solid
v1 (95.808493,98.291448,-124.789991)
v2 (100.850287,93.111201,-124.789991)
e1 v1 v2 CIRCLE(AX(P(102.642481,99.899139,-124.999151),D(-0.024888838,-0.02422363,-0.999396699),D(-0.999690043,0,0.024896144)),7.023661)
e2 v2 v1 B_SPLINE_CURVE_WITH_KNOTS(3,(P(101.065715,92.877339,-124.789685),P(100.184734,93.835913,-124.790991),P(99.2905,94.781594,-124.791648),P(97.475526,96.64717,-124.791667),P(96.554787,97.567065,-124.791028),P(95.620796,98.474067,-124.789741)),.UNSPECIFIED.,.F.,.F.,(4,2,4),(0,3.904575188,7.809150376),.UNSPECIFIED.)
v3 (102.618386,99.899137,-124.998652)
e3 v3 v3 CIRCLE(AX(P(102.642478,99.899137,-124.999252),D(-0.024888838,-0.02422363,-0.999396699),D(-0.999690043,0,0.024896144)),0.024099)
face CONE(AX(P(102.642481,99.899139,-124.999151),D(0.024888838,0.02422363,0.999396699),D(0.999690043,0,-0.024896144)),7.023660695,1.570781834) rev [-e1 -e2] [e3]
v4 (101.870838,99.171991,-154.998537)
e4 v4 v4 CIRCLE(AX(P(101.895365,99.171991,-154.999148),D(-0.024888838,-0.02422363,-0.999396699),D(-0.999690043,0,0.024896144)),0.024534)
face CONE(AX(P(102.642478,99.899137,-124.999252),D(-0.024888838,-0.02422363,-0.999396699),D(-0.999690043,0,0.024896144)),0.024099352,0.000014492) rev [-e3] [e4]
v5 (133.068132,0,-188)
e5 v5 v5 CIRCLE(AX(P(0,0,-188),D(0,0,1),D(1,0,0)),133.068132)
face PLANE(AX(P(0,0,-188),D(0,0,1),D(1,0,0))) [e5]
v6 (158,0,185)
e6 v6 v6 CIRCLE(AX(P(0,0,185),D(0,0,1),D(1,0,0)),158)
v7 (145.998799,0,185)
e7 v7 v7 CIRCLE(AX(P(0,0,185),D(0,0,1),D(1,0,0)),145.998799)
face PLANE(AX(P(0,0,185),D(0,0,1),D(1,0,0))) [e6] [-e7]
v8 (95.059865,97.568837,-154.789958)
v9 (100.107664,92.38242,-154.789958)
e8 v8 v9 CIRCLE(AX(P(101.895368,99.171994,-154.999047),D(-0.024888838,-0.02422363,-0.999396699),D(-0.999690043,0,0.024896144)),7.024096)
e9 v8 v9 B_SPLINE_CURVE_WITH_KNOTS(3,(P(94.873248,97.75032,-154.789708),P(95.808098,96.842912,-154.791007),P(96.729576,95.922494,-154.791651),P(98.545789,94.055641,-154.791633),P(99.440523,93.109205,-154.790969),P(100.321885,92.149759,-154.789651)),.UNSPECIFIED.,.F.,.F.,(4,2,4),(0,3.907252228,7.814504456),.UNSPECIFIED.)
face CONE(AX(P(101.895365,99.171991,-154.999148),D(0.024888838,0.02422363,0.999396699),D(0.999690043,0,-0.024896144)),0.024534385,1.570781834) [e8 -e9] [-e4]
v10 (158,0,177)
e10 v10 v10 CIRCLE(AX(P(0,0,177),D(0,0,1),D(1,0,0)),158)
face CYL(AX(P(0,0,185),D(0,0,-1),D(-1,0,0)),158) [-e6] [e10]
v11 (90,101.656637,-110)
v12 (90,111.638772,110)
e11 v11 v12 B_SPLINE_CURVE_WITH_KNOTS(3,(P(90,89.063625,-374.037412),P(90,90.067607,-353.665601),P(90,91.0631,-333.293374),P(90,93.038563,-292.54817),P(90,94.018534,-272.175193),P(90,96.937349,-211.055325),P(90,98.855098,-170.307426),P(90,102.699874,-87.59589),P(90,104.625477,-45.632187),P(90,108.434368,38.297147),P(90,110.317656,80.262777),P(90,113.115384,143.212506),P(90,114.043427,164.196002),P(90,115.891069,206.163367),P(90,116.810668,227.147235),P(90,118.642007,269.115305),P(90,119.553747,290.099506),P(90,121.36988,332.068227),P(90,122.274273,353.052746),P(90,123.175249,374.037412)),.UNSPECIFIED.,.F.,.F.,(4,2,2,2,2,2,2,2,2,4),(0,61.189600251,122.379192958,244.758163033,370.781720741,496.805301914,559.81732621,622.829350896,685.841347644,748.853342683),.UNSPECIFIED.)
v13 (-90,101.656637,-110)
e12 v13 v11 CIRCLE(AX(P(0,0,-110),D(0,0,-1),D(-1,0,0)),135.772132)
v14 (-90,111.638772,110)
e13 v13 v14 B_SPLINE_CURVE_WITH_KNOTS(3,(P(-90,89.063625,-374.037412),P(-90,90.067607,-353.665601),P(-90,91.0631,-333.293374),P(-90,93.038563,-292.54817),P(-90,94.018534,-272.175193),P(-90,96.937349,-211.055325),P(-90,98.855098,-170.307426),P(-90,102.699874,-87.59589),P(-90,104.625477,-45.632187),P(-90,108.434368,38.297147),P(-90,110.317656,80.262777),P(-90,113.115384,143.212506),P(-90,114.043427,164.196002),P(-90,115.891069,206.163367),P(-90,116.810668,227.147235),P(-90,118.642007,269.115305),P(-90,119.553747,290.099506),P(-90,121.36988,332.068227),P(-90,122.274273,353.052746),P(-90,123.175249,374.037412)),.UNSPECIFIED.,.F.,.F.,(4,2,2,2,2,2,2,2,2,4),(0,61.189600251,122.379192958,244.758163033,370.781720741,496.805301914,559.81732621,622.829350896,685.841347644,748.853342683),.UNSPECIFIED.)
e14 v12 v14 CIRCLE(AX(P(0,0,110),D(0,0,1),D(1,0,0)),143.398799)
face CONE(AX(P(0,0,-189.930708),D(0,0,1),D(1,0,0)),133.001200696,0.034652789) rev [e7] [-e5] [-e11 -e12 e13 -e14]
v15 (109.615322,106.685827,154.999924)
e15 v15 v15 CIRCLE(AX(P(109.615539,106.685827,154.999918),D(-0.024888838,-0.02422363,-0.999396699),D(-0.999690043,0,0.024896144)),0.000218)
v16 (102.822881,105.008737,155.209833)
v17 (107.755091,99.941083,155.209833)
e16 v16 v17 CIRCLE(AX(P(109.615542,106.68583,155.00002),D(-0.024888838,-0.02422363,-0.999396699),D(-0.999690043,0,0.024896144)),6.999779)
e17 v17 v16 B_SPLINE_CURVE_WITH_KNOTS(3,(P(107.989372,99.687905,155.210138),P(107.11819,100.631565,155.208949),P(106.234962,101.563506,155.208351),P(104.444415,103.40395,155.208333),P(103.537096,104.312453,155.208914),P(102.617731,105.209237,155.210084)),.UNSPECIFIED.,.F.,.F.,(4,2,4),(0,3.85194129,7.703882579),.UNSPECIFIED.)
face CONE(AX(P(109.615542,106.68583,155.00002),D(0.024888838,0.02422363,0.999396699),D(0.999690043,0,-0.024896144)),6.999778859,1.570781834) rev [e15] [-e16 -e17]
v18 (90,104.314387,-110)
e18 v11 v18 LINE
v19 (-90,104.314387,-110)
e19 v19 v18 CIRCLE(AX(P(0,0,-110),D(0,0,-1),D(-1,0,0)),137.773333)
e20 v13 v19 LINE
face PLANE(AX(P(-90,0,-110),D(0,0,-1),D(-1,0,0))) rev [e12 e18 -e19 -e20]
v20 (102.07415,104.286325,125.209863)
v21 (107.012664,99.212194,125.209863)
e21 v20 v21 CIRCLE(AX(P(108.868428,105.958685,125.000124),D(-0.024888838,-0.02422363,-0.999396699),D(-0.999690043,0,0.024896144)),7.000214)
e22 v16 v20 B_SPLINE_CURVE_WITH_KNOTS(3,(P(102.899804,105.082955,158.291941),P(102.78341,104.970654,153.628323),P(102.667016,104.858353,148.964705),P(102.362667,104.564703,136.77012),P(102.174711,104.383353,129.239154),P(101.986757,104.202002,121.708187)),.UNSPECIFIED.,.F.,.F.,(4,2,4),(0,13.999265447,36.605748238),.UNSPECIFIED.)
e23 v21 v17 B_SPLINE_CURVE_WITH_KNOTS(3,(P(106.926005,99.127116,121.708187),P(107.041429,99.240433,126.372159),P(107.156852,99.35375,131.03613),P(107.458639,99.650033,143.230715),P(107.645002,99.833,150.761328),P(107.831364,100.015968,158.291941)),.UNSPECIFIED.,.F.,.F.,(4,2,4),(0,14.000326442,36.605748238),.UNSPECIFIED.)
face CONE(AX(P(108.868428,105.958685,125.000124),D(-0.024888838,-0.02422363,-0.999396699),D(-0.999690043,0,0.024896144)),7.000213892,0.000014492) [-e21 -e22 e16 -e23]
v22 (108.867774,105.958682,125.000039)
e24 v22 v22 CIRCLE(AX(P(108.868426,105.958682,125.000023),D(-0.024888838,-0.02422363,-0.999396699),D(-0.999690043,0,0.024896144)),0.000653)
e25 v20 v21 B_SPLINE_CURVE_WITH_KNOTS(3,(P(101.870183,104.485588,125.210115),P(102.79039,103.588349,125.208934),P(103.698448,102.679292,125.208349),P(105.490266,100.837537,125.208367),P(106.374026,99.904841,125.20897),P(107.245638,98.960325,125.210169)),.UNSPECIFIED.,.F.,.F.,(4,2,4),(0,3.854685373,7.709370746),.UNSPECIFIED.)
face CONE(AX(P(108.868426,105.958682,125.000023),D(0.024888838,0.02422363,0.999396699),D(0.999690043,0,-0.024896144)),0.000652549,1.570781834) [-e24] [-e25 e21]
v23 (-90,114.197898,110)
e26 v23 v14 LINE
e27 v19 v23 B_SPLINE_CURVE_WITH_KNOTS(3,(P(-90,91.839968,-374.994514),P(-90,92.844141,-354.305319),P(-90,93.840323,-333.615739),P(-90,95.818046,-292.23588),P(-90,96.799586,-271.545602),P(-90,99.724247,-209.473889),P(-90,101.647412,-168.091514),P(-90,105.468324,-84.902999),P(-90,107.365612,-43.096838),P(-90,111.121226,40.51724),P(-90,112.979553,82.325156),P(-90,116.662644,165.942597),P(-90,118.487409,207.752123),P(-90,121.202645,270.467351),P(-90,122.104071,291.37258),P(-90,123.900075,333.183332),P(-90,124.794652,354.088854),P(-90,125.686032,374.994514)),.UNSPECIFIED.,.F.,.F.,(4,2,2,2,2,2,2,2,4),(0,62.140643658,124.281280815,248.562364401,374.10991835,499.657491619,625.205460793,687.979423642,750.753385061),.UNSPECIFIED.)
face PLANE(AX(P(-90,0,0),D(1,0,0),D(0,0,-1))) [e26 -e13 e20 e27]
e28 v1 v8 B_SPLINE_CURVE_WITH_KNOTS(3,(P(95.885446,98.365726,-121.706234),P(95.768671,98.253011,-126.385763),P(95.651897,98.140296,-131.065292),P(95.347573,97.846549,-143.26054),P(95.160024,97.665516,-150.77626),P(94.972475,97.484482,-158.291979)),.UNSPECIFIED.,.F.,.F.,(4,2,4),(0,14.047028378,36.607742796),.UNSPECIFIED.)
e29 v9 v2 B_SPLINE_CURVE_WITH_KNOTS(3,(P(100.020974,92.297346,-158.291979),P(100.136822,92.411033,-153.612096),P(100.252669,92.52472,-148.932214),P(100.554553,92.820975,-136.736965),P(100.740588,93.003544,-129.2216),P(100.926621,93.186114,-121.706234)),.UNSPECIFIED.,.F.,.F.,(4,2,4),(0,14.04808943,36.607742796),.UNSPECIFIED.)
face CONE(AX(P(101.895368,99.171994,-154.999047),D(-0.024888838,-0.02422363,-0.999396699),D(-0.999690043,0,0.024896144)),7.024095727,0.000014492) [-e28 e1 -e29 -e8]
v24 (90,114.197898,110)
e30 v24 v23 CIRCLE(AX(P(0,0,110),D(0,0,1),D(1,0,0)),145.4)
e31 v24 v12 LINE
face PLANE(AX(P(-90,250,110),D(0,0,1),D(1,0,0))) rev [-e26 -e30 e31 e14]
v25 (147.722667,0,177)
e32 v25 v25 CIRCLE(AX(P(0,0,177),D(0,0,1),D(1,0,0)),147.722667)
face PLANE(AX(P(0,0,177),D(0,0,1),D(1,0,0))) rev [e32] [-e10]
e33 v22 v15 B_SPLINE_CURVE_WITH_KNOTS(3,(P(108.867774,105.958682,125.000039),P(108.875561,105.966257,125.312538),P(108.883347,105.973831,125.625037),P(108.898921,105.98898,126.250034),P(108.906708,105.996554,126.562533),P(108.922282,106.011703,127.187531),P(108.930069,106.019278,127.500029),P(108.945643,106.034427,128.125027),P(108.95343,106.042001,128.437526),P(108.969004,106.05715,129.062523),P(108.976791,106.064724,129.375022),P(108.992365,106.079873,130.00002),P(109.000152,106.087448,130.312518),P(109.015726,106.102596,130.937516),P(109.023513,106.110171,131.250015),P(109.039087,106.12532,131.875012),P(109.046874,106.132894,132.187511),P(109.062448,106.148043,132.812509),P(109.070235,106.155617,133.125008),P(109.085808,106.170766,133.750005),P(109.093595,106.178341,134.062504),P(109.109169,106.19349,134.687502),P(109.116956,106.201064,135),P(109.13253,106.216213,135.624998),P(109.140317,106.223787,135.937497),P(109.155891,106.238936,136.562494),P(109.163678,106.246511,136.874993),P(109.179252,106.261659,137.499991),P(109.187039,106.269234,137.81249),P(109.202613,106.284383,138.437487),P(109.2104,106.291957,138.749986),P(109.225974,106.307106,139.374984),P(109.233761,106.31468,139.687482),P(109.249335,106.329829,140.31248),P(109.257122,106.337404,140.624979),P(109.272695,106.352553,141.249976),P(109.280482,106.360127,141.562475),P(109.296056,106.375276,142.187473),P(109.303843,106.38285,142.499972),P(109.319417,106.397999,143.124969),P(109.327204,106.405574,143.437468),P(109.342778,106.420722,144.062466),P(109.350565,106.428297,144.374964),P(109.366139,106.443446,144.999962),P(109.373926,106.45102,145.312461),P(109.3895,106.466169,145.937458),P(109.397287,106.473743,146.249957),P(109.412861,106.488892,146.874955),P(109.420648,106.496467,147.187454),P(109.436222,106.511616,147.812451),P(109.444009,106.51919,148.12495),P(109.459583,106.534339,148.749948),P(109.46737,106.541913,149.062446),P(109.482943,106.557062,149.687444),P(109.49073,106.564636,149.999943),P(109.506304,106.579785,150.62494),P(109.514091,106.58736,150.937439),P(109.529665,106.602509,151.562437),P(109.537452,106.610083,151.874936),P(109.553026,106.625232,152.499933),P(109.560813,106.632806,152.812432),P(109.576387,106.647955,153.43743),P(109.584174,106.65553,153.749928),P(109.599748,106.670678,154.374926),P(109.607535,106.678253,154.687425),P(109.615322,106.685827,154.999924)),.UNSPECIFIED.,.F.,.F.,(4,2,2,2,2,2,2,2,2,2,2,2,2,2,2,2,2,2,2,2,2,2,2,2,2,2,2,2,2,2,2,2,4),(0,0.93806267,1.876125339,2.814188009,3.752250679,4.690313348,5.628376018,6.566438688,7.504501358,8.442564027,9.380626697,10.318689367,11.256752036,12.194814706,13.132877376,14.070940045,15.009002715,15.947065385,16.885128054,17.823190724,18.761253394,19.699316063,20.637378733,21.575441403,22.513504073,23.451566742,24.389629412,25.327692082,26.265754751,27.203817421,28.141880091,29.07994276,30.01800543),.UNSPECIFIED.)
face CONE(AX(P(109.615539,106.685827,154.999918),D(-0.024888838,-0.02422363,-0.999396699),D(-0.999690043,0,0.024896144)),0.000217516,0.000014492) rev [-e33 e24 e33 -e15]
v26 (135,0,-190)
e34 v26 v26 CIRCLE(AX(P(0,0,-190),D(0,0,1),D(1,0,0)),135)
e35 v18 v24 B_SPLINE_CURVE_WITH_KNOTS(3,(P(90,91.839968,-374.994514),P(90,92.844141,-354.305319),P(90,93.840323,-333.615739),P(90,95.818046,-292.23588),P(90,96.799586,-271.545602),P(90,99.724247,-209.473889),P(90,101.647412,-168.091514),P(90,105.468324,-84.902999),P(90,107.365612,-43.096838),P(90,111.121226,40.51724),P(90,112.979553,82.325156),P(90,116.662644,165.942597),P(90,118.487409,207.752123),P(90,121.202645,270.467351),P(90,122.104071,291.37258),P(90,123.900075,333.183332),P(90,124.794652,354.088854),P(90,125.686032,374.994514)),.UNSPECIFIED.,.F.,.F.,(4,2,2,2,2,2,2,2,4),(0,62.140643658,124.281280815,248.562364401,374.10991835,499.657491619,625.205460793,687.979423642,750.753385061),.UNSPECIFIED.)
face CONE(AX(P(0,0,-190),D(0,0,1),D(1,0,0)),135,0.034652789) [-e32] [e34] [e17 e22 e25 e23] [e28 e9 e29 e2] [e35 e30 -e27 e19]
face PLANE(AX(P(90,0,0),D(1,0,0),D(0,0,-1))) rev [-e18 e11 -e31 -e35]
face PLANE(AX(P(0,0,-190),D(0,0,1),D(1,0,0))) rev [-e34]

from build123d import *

# Parameters (mm, degrees)
TAPERED_PAIL_BLANK_START  = -190
PAIL_BASE_PROFILE_R       = 135
TAPERED_PAIL_BLANK_DEPTH  = 375
TAPERED_PAIL_BLANK_DRAFT  = -1.985458585
PAIL_WALL_2MM_T           = -2
PAIL_REINFORCED_RIM_START = 177
PAIL_RIM_PROFILE_R        = 158
PAIL_RIM_PROFILE_R_2      = 146
PAIL_REINFORCED_RIM_DEPTH = 8
LOADING_OPENING_PROFILE_W = 220
LOADING_OPENING_PROFILE_H = 250
TOP_LOADING_OPENING_DEPTH = 90


with BuildPart() as part:
    # Pail_Base_Profile → Tapered_Pail_Blank (with draft: the straight prism first)
    with BuildSketch(Plane.XY.offset(TAPERED_PAIL_BLANK_START)):
        Circle(PAIL_BASE_PROFILE_R)
    extrude(amount=TAPERED_PAIL_BLANK_DEPTH)
    # Tapered_Pail_Blank: the draft: its side faces are tilted about the plane it starts from
    tapered_pail_blank_sides = [part.faces().sort_by_distance(p)[0] for p in [
        (-135, 0, -2.5),
    ]]
    draft(tapered_pail_blank_sides, Plane.XY.offset(TAPERED_PAIL_BLANK_START), TAPERED_PAIL_BLANK_DRAFT)

    # Pail_Wall_2mm
    pail_wall_2mm_openings = [part.faces().sort_by_distance(p)[0] for p in [
        (0, 0, 185),
    ]]
    offset(amount=PAIL_WALL_2MM_T, openings=pail_wall_2mm_openings, kind=Kind.INTERSECTION)

    # Pail_Rim_Profile → Pail_Reinforced_Rim (add)
    with BuildSketch(Plane.XY.offset(PAIL_REINFORCED_RIM_START)):
        Circle(PAIL_RIM_PROFILE_R)
        Circle(PAIL_RIM_PROFILE_R_2, mode=Mode.SUBTRACT)
    extrude(amount=PAIL_REINFORCED_RIM_DEPTH)

    # Loading_Opening_Profile → Top_Loading_Opening (cut, symmetric)
    with BuildSketch(Plane(origin=(0, 0, 0), x_dir=(0, 0, -1), z_dir=(1, 0, 0))):
        with Locations((0, 125)):
            Rectangle(LOADING_OPENING_PROFILE_W, LOADING_OPENING_PROFILE_H)
    extrude(amount=TOP_LOADING_OPENING_DEPTH, both=True, mode=Mode.SUBTRACT)

    # Drum_Hinge_Knuckle_Profile → Drum_Hinge_Knuckles (revolve)
    with BuildSketch(Plane(origin=(0, 0, 0), x_dir=(0, 0, 1), z_dir=(0.6974653404967203, -0.7166185169291917, 0))):
        Polygon((-155, -142.213651728), (-125.000089364, -143.255770649), (-125.243089364, -150.251112671), (-155.243, -149.208993749), align=None)
        Polygon((125, -151.920290486), (154.999910636, -152.962409408), (154.756910636, -159.95775143), (124.757, -158.915632508), align=None)
    revolve(axis=Axis((101.521807726, 98.808418315, -169.999121159), (0.024888838213313905, 0.024223630298311177, 0.9993966987475805)))


solid = part.part
